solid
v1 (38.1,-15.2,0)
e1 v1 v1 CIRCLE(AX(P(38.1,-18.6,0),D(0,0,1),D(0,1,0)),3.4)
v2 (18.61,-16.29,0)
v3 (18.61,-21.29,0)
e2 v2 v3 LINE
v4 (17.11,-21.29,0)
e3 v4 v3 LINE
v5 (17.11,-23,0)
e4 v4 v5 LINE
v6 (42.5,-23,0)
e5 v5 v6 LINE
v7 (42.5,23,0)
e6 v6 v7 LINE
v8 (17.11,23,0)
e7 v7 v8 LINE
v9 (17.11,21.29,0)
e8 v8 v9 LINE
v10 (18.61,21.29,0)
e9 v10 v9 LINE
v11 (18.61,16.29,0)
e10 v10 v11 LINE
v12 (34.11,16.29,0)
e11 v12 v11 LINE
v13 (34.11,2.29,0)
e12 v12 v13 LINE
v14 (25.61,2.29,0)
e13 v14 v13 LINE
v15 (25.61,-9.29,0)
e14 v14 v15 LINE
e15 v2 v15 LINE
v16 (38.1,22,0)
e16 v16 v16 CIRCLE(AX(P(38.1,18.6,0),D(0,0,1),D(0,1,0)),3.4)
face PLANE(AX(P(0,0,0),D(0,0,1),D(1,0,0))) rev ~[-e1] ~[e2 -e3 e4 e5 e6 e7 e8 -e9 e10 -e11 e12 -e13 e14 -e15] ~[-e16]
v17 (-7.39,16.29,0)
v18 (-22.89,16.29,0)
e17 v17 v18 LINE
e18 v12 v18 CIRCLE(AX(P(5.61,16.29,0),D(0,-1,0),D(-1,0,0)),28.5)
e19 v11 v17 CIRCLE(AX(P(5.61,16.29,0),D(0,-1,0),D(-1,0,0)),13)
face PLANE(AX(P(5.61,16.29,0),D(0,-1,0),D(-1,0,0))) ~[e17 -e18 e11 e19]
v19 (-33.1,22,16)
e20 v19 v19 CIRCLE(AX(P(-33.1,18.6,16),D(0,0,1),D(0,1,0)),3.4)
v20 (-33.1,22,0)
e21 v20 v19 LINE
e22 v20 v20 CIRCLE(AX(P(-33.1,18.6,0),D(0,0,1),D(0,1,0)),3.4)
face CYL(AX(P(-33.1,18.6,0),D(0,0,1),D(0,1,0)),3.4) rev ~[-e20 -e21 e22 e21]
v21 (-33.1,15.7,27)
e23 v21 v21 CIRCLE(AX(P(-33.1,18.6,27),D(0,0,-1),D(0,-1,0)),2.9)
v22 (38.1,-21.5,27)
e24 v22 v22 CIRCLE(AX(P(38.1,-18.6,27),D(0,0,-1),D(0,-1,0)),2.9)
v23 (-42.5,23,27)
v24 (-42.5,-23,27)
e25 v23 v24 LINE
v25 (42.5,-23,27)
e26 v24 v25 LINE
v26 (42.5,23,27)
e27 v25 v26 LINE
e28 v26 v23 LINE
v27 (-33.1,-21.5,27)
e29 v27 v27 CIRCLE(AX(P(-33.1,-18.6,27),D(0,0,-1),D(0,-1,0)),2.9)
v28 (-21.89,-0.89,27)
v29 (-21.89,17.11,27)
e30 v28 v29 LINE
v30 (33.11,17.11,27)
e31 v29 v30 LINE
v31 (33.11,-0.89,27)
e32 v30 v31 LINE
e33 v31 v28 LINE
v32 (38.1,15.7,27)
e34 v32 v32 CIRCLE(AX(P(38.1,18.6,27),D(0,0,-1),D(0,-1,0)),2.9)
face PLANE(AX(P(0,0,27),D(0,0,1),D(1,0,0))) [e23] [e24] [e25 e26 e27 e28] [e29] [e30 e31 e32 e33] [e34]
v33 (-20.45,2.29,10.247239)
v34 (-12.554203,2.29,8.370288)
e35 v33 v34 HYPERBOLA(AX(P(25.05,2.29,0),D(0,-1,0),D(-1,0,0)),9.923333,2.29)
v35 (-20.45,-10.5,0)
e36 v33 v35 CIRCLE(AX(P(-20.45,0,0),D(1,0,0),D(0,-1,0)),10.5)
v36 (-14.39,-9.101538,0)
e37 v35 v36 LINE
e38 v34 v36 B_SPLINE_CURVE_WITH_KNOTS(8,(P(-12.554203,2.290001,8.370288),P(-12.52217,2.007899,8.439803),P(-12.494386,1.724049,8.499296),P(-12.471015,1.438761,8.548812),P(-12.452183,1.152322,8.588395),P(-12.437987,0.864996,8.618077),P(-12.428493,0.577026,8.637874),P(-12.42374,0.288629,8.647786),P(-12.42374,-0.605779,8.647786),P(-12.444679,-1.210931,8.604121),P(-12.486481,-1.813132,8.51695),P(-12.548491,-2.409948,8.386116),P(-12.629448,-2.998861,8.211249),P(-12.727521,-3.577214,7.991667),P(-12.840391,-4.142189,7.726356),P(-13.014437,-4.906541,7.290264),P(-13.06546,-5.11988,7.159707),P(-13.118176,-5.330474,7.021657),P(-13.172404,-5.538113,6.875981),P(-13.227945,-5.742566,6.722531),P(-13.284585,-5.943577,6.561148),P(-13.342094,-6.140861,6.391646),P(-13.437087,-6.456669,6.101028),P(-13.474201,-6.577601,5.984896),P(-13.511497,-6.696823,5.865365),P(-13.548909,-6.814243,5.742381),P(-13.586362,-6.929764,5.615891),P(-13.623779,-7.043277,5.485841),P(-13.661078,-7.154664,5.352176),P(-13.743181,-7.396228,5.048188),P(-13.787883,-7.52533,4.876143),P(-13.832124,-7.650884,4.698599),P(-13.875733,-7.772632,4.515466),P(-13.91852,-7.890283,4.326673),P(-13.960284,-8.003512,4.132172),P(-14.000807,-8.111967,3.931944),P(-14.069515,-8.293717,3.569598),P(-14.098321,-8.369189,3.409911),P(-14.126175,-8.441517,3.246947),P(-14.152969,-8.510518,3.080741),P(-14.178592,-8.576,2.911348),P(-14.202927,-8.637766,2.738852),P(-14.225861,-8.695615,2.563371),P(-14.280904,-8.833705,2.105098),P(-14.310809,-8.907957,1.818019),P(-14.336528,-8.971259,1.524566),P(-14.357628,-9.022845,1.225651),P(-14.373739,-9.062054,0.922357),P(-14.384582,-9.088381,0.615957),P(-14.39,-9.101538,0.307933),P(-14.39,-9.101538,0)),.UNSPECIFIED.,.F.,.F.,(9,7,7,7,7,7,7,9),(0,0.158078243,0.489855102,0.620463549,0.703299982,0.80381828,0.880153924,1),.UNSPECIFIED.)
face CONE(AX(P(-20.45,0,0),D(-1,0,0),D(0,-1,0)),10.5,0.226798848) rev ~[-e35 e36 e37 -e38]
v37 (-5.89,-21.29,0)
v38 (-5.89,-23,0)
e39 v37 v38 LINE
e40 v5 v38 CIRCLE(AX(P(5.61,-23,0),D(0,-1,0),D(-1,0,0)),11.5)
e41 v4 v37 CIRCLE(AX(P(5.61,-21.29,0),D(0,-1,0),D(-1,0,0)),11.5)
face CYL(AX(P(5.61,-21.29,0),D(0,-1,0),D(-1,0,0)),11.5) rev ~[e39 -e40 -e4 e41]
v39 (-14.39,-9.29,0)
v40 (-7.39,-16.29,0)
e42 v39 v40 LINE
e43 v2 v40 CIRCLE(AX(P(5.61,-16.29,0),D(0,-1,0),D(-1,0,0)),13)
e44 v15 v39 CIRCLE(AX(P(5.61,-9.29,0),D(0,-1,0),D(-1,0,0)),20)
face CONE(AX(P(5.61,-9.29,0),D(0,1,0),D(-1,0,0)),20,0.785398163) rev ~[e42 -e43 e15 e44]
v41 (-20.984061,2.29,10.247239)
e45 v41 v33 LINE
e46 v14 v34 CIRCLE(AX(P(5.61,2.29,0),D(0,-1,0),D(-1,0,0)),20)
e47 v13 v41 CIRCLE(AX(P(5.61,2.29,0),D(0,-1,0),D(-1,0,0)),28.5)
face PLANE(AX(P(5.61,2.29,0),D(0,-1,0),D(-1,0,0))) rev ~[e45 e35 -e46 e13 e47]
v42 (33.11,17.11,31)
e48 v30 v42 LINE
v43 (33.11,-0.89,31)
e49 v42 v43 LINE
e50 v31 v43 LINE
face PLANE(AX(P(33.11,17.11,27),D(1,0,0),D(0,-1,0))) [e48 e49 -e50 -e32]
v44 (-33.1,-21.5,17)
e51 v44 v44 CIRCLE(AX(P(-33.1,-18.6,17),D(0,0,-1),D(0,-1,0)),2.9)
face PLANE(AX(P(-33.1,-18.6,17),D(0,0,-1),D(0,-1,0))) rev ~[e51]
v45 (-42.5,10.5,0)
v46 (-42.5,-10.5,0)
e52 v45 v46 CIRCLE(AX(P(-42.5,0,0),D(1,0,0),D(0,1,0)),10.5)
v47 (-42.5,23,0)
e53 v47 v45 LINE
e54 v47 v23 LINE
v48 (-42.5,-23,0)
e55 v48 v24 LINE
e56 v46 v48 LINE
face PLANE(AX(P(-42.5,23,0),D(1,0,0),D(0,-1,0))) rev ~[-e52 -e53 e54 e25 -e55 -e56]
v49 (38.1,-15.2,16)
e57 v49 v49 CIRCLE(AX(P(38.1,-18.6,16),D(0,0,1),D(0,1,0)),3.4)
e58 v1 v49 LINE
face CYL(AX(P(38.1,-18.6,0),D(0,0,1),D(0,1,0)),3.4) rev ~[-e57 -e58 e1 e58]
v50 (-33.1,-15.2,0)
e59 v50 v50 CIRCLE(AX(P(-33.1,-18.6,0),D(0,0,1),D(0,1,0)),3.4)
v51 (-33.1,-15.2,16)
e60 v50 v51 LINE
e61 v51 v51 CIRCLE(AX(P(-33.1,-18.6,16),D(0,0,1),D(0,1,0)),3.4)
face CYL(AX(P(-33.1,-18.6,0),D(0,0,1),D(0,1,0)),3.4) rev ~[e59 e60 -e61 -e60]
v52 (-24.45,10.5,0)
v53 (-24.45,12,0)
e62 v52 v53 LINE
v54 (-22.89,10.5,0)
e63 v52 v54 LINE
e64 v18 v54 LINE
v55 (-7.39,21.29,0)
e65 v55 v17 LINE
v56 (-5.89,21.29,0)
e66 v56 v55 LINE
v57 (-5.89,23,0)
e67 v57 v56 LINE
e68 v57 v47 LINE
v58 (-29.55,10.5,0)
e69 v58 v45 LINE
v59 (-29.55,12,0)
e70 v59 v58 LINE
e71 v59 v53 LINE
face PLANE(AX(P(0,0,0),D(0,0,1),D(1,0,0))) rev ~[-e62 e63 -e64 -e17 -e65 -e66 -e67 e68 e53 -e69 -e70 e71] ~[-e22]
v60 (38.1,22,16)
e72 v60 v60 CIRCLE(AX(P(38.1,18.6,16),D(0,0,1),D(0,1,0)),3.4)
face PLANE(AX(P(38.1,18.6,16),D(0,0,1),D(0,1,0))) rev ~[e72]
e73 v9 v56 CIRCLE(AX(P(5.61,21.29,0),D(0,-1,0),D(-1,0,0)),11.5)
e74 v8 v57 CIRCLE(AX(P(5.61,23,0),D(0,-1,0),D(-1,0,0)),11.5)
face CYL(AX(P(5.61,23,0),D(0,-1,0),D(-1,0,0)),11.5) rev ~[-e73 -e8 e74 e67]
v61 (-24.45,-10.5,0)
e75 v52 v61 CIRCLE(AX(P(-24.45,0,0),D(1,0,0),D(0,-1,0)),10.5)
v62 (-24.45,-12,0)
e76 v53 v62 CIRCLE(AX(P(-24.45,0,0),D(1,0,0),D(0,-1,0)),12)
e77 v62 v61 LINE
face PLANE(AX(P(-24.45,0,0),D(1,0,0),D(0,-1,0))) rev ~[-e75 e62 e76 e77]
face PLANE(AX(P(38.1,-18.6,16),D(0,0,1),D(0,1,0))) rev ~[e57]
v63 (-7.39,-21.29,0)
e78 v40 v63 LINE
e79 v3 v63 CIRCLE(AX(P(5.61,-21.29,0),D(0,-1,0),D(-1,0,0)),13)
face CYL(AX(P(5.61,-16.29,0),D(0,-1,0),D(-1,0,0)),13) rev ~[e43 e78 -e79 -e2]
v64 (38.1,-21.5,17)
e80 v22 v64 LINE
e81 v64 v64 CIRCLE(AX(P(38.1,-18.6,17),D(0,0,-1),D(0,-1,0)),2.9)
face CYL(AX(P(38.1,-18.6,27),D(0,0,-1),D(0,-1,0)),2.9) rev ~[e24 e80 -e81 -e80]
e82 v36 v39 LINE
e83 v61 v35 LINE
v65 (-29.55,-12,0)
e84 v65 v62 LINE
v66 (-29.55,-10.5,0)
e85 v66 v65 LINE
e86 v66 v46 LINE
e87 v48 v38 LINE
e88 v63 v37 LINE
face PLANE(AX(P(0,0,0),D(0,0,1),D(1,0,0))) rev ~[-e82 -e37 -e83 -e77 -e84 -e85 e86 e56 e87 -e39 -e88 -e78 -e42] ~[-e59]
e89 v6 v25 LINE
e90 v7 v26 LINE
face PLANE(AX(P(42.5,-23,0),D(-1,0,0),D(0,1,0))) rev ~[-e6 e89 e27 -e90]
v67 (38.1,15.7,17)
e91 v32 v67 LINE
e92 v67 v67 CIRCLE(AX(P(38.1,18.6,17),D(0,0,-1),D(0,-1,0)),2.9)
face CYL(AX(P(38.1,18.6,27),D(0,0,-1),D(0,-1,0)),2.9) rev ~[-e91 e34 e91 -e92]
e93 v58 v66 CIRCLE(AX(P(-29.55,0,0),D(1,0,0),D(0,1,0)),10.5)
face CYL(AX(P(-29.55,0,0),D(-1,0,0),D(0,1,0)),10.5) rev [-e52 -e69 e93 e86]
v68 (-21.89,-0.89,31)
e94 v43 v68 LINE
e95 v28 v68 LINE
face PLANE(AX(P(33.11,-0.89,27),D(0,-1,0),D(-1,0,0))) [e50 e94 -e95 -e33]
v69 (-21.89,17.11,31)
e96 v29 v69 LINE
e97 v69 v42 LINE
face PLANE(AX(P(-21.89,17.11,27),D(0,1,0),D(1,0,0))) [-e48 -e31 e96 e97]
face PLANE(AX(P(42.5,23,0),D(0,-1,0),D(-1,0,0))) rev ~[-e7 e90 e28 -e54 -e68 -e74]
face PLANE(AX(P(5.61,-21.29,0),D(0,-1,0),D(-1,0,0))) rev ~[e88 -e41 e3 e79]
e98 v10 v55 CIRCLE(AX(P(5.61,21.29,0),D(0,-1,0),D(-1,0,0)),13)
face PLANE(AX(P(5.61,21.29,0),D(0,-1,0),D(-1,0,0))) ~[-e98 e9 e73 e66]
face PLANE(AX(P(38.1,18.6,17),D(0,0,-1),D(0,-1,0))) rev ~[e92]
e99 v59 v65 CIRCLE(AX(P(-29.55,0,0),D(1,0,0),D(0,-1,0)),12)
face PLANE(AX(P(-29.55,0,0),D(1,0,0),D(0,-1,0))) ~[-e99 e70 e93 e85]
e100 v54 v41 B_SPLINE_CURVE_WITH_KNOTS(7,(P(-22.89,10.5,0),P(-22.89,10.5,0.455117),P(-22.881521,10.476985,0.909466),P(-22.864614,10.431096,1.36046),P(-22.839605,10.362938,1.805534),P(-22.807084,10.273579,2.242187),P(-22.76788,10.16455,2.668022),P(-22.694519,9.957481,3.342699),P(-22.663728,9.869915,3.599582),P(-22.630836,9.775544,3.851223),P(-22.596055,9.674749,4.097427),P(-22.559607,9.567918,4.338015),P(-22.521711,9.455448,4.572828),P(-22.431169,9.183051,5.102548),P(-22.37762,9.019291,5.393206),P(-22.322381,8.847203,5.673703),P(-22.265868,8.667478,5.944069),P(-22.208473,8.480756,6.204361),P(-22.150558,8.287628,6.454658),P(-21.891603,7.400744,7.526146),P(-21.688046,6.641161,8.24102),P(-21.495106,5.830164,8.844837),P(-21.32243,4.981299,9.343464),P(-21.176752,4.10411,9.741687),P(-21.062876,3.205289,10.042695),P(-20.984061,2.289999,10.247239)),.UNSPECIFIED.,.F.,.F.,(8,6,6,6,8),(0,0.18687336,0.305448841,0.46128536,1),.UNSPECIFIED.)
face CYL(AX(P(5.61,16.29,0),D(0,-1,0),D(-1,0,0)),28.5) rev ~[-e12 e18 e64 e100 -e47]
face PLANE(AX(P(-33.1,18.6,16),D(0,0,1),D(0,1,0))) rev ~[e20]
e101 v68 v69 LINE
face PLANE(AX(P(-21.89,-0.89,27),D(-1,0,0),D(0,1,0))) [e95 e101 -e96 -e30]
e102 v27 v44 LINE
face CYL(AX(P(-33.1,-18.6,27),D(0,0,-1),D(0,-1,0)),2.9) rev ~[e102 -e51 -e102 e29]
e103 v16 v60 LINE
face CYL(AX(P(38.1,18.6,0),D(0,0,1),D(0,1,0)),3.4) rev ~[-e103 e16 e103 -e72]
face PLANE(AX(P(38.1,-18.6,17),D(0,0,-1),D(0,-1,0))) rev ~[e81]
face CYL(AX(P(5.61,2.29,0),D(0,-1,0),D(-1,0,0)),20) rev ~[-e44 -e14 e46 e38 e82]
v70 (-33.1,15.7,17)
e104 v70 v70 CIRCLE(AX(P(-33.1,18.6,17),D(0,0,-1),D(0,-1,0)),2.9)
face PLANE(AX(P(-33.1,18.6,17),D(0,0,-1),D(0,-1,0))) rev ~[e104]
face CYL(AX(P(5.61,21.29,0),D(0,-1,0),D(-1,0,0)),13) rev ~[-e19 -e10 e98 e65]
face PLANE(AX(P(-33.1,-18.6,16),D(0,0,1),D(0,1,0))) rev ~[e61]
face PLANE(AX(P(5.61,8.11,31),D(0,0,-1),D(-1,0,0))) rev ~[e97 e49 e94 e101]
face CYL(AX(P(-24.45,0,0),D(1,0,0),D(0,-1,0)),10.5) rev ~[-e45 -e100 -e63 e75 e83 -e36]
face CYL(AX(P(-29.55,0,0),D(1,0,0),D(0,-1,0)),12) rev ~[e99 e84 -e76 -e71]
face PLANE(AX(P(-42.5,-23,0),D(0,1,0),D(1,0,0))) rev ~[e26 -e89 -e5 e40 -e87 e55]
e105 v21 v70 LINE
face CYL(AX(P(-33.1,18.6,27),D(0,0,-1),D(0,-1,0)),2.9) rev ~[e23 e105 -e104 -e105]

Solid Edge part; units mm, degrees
sketch "Sketch1" plane through (0, 0, 0) normal (0, 0, 1) x (1, 0, 0)
  line L0 (-42.5, -23) -> (42.5, -23)
  line L1 (42.5, -23) -> (42.5, 23)
  line L2 (42.5, 23) -> (-42.5, 23)
  line L3 (-42.5, 23) -> (-42.5, -23)
  dimension "D1" = 85
  dimension "D2" = 46
extrude "Protrusion1" add sketch "Sketch1" along normal blind 27
sketch "Sketch2" plane through (0, 0, 27) normal (0, 0, 1) x (-1, 0, 0)
  line L0 (-33.11, 0.89) -> (21.89, 0.89)
  line L1 (21.89, 0.89) -> (21.89, -17.11)
  line L2 (21.89, -17.11) -> (-33.11, -17.11)
  line L3 (-33.11, -17.11) -> (-33.11, 0.89)
  dimension "D1" = 55
  dimension "D2" = 18
  dimension "D3" = 5.89
  dimension "D4" = 9.39
extrude "Extrusionsausprägung_2" add sketch "Sketch2" along normal blind 4
sketch "Sketch3" plane through (0, 0, 0) normal (0, 0, -1) x (1, 0, 0)
  line L0 (-5.89, 21.29) -> (-5.89, 23)
  line L1 (-7.39, 21.29) -> (-5.89, 21.29)
  line L2 (-7.39, 16.29) -> (-7.39, 21.29)
  line L3 (-14.39, 9.29) -> (-7.39, 16.29)
  line L4 (-14.39, -2.29) -> (-14.39, 9.29)
  line L5 (-22.89, -2.29) -> (-14.39, -2.29)
  line L6 (-22.89, -16.29) -> (-22.89, -2.29)
  line L7 (-7.39, -16.29) -> (-22.89, -16.29)
  line L8 (-7.39, -21.29) -> (-7.39, -16.29)
  line L9 (-5.89, -21.29) -> (-7.39, -21.29)
  line L10 (-5.89, -23) -> (-5.89, -21.29)
  line L11 (5.61, -23) -> (-5.89, -23)
  dimension "D1" = 36.89
  dimension "D2" = 1.71
  dimension "D3" = 5
  dimension "D4" = 1.71
  dimension "D5" = 5
  dimension "D6" = 14
revolve "RevolvedCutout1" cut sketch "Sketch3" angle 360 about axis through (5.61, 23, 0) along (0, -1, 0) material side at (-5.84, -22.145, 0)
sketch "Sketch4" plane through (-24.195, 0, 0) normal (0, 0, -1) x (0, -1, 0)
  line L0 (0, 5.355) -> (12, 5.355)
  line L1 (12, 5.355) -> (12, 0.255)
  line L2 (12, 0.255) -> (0, 0.255)
  dimension "D1" = 5.1
  dimension "D2" = 32.61
revolve "RevolvedCutout2" cut sketch "Sketch4" angle 360 about axis through (-42.5, 0, 0) along (1, 0, 0)
sketch "Sketch5" plane through (-24.195, 0, 0) normal (0, 0, -1) x (1, 0, 0)
  line L0 (-0.255, 0) -> (-0.255, 10.5)
  line L1 (-0.255, 10.5) -> (3.745, 10.5)
  line L2 (3.745, 10.5) -> (16.745, 7.5)
  line L3 (16.745, 7.5) -> (16.745, 0)
  line L4 (16.745, 0) -> (-0.255, 0)
  dimension "D1" = 4
  dimension "D2" = 13
revolve "RevolvedCutout3" cut sketch "Sketch5" angle 360 about axis through (-42.5, 0, 0) along (1, 0, 0)
sketch "Sketch6" plane through (-24.195, 0, 0) normal (0, 0, -1) x (1, 0, 0)
  line L0 (-18.305, 0) -> (-5.355, 0)
  line L1 (-5.355, 0) -> (-5.355, -10.5)
  line L2 (-5.355, -10.5) -> (-18.305, -10.5)
  line L3 (-18.305, -10.5) -> (-18.305, 0)
revolve "RevolvedCutout4" cut sketch "Sketch6" angle 360 about axis through (0, 0, 0) along (1, 0, 0)
hole "Bohrung_9" at (38.1, 18.6, 27) direction (0, 0, -1) diameter 5.8 depth 10
hole "Hole1" at (38.1, -18.6, 27) direction (0, 0, -1) diameter 5.8 depth 10
hole "Hole2" at (-33.1, -18.6, 27) direction (0, 0, -1) diameter 5.8 depth 10
hole "Hole3" at (-33.1, 18.6, 27) direction (0, 0, -1) diameter 5.8 depth 10
hole "Bohrung_1" at (38.1, -18.6, 0) direction (0, 0, 1) diameter 6.8 depth 16
hole "Hole4" at (38.1, 18.6, 0) direction (0, 0, 1) diameter 6.8 depth 16
hole "Hole5" at (-33.1, 18.6, 0) direction (0, 0, 1) diameter 6.8 depth 16
hole "Hole6" at (-33.1, -18.6, 0) direction (0, 0, 1) diameter 6.8 depth 16
properties material "Polykarbonat"
